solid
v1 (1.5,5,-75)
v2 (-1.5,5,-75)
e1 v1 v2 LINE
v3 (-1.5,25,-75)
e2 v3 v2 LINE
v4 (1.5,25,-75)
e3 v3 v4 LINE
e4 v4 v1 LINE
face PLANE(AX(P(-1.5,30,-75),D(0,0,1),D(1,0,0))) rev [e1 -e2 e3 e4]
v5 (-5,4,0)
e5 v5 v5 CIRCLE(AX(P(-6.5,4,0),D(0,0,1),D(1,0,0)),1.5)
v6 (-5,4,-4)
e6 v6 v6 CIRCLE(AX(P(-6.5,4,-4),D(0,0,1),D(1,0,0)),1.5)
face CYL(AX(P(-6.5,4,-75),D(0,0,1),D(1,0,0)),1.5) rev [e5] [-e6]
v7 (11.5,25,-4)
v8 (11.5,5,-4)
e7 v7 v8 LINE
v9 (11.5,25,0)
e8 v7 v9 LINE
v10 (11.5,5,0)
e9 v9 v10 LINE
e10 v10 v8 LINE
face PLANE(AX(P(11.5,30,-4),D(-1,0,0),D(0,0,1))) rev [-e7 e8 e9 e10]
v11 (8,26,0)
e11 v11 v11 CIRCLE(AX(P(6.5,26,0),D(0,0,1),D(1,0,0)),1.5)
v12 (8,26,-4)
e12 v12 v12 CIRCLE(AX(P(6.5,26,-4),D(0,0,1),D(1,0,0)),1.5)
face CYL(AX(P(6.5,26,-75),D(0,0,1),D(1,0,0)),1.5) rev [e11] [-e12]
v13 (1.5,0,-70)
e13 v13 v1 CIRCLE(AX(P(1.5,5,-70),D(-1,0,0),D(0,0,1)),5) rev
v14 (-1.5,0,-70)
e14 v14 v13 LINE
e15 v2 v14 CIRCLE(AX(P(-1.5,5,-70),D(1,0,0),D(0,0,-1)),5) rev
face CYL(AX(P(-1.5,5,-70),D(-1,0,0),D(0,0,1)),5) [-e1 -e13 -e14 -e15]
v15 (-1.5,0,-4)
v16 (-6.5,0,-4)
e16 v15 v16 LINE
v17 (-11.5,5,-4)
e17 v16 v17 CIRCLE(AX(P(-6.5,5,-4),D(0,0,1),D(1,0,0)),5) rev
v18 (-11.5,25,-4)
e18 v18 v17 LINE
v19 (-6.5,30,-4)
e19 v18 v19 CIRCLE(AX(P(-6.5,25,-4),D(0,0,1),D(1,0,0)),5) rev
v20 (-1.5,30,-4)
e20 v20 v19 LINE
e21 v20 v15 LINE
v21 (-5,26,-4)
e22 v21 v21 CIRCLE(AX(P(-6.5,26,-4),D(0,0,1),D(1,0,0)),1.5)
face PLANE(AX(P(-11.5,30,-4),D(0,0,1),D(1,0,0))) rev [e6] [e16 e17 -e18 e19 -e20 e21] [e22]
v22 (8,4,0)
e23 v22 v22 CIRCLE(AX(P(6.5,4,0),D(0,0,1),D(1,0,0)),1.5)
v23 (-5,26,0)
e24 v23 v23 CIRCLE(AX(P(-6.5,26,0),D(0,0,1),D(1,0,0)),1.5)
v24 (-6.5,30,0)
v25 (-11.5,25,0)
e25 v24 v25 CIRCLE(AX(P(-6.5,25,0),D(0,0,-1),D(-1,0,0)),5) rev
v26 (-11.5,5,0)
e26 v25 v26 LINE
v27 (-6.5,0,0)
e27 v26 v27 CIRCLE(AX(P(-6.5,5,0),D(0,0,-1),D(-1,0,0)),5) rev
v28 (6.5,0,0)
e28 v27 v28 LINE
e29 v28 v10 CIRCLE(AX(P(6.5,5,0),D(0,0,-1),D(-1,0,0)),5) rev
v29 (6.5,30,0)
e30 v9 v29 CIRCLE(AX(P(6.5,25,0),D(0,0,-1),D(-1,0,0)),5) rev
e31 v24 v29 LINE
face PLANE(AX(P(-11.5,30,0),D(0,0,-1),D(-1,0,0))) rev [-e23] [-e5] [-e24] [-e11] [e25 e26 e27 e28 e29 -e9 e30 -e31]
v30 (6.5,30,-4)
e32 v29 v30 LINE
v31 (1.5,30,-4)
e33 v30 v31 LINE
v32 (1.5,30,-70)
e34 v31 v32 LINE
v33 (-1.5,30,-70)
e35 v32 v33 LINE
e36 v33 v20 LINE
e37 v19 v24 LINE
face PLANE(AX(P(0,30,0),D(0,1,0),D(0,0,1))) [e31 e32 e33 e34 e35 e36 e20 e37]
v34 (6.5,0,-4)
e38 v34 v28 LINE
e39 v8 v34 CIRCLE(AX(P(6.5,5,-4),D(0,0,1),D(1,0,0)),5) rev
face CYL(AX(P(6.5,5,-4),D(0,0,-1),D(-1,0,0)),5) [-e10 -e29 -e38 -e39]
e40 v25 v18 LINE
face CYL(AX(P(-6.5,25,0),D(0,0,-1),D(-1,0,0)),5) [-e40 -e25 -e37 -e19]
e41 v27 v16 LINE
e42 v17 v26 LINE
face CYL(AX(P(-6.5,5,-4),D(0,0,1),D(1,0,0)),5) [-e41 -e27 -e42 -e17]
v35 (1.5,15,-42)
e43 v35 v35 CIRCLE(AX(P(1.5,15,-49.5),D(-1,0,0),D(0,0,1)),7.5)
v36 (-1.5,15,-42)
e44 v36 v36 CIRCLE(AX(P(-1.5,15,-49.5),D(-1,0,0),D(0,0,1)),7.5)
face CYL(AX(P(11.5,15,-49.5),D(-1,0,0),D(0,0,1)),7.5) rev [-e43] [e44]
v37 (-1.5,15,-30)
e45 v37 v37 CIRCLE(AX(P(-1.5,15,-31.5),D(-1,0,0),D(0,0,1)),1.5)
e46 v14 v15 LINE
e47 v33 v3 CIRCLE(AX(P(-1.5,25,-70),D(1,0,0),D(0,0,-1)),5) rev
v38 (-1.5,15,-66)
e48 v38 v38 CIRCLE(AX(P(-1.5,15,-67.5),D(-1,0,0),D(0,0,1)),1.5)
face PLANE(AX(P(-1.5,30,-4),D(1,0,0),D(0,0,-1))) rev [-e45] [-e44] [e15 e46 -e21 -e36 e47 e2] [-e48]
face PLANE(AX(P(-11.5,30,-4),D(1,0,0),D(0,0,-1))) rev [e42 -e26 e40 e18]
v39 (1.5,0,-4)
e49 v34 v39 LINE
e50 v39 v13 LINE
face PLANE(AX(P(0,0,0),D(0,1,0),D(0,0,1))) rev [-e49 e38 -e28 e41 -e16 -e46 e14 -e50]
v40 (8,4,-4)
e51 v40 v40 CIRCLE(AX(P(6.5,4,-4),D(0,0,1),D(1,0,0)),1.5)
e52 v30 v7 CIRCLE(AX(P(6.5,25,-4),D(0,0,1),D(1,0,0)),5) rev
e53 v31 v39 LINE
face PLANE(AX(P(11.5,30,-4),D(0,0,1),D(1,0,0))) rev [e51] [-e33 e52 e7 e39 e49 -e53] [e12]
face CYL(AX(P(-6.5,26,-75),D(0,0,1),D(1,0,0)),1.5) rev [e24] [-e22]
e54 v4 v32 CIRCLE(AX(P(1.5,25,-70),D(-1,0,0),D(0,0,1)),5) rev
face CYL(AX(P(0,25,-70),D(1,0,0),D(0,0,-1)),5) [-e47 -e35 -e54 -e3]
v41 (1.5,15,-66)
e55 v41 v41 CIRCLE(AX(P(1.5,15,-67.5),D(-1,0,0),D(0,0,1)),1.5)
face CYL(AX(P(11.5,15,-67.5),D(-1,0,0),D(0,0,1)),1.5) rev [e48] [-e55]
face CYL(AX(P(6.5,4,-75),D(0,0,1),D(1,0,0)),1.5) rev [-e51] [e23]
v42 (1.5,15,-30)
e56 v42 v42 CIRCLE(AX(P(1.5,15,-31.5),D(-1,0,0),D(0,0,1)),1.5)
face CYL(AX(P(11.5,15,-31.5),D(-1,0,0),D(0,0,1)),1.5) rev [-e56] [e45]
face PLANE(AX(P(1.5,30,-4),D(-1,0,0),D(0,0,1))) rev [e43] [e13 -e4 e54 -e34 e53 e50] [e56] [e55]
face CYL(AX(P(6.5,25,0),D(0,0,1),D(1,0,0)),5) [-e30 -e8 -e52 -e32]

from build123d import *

# Parameters (mm, degrees)
BOSS_EXTRUDE1_DEPTH = 30
SKETCH2_R           = 1.5
SKETCH2_R_2         = 7.5
CUT_EXTRUDE1_DEPTH  = 14
SKETCH3_R           = 1.5
CUT_EXTRUDE2_DEPTH  = 76
FILLET1_R           = 5


with BuildPart() as part:
    # Sketch1 → Boss-Extrude1 (new body)
    with BuildSketch(Plane(origin=(0, 0, 0), x_dir=(1, 0, 0), z_dir=(0, 1, 0))):
        Polygon((-11.5, 4), (-1.5, 4), (-1.5, 75), (1.5, 75), (1.5, 4), (11.5, 4), (11.5, 0), (-11.5, 0), align=None)
    extrude(amount=BOSS_EXTRUDE1_DEPTH)

    # Sketch2 → Cut-Extrude1 (cut, through all)
    with BuildSketch(Plane.ZY.offset(1.5)):
        with Locations((-67.5, 15)):
            Circle(SKETCH2_R)
        with Locations((-31.5, 15)):
            Circle(SKETCH2_R)
        with Locations((-49.5, 15)):
            Circle(SKETCH2_R_2)
    extrude(amount=-CUT_EXTRUDE1_DEPTH, mode=Mode.SUBTRACT)

    # Sketch3 → Cut-Extrude2 (cut, through all)
    with BuildSketch(Plane.XY):
        with Locations((-6.5, 26)):
            Circle(SKETCH3_R)
        with Locations((-6.5, 4)):
            Circle(SKETCH3_R)
        with Locations((6.5, 4)):
            Circle(SKETCH3_R)
        with Locations((6.5, 26)):
            Circle(SKETCH3_R)
    extrude(amount=-CUT_EXTRUDE2_DEPTH, mode=Mode.SUBTRACT)

    # Fillet1
    fillet1_edges = [part.edges().sort_by_distance(p)[0] for p in [
        (11.5, 0, -2),
        (-11.5, 0, -2),
        (11.5, 30, -2),
        (0, 30, -75),
        (-11.5, 30, -2),
        (0, 0, -75),
    ]]
    fillet(fillet1_edges, radius=FILLET1_R)


solid = part.part
